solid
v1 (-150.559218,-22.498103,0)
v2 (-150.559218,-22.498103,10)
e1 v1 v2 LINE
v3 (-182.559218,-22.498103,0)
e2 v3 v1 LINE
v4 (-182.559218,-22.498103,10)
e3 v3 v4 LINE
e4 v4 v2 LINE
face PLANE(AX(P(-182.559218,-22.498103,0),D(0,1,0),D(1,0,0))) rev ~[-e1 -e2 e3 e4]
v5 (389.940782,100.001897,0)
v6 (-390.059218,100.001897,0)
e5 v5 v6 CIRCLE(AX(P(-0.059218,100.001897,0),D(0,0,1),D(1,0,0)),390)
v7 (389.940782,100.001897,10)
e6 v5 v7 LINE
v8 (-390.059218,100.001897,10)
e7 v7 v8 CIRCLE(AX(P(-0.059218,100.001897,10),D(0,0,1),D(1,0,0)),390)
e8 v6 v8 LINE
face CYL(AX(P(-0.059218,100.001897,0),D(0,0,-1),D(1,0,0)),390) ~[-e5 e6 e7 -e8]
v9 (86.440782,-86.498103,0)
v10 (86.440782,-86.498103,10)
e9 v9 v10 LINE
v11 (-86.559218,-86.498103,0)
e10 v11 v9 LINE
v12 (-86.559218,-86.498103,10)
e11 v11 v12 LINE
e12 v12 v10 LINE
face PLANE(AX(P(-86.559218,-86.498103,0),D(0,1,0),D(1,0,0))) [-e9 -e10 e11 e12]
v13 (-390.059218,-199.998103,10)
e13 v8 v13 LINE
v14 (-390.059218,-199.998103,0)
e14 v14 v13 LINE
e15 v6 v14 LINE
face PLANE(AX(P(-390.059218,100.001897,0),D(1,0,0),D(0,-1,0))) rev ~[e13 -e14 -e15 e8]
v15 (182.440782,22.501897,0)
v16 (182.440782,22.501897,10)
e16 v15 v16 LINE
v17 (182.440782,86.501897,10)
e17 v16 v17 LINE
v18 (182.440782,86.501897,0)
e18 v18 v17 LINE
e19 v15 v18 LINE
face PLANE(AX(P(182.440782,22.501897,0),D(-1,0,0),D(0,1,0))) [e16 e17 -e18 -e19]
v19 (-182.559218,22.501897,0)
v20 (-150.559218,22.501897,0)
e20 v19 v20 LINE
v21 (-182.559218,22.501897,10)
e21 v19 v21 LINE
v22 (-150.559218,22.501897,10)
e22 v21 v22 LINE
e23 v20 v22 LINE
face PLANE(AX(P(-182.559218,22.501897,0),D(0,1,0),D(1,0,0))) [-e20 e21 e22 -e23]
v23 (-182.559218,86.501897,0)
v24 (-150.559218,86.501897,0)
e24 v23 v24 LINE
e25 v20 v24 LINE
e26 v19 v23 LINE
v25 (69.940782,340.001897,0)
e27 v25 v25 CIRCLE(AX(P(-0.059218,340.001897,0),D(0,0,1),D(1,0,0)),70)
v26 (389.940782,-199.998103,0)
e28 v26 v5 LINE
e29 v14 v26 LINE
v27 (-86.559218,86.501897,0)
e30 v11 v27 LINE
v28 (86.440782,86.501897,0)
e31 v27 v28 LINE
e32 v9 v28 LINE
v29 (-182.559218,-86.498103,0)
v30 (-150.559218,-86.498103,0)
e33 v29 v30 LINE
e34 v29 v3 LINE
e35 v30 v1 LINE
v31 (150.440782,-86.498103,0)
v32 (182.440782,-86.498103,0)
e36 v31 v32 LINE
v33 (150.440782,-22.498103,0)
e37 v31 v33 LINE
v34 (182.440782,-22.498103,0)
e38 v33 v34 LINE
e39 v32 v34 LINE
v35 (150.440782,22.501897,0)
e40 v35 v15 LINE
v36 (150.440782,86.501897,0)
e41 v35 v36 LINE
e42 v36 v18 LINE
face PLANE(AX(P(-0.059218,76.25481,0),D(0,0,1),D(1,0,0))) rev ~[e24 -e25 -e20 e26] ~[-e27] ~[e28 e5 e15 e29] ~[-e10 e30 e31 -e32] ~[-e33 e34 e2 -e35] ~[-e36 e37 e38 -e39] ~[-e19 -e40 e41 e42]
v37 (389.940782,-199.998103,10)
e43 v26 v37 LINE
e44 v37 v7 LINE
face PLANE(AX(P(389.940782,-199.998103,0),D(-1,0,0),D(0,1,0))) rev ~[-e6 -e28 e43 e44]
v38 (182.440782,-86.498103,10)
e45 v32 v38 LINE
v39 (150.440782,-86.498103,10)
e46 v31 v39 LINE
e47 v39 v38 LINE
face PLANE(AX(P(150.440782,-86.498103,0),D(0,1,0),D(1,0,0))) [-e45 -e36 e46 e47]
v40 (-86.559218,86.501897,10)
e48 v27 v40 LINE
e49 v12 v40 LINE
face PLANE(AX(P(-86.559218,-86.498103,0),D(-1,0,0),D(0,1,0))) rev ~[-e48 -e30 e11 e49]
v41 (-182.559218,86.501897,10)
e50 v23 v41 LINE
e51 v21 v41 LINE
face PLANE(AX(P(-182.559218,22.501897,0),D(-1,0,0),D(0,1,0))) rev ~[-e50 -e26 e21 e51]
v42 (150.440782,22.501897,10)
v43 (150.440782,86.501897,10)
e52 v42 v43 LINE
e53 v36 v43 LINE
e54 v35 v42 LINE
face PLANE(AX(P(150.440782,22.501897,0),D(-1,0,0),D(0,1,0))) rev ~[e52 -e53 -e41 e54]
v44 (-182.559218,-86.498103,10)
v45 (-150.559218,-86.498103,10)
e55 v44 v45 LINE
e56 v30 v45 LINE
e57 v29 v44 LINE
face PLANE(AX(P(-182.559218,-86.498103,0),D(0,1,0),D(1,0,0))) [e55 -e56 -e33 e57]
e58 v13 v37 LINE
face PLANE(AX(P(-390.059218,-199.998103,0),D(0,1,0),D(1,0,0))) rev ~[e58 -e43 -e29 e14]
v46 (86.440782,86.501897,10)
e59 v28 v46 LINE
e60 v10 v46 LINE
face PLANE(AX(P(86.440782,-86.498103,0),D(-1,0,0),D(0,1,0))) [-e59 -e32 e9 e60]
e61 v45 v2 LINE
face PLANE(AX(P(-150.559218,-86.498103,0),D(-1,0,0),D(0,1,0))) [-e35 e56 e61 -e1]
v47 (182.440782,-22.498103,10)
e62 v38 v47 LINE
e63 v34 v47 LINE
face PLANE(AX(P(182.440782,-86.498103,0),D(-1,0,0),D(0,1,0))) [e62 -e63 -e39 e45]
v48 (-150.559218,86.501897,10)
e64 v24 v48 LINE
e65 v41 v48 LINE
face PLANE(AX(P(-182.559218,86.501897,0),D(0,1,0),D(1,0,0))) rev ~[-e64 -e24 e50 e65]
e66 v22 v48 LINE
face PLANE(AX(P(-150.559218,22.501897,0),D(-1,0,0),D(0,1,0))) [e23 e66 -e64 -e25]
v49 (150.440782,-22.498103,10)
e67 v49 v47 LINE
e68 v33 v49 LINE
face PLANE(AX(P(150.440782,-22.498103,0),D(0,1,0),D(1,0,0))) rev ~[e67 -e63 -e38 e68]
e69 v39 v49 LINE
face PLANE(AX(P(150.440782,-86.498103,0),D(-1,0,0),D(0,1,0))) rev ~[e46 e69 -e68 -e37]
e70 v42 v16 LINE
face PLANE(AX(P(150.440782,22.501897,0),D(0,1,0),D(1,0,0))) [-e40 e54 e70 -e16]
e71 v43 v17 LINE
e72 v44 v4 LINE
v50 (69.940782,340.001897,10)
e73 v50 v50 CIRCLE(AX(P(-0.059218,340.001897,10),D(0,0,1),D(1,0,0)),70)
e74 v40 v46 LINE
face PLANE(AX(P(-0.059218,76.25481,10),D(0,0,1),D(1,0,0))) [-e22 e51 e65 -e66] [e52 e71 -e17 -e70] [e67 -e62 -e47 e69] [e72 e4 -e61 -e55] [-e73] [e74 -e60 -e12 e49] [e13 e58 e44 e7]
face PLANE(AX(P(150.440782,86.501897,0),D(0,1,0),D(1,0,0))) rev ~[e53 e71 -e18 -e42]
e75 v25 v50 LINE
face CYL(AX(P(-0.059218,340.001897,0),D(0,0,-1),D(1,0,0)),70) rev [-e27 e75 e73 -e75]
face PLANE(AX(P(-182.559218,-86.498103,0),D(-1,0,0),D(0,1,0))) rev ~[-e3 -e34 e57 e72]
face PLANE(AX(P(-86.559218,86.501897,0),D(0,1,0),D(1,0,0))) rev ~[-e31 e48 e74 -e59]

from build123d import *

# Parameters (mm, degrees)
F0_W     = 32
F0_H     = 64
F0_W_2   = 173
F0_H_2   = 173
F0_R     = 70
F1_DEPTH = 10


with BuildPart() as f1:
    # F0 (on Top) → F1 (new body)
    with BuildSketch(Plane.XY):
        with BuildLine():
            Line((-390.059218, 100.001897), (-390.059218, -199.998103))
            Line((-390.059218, -199.998103), (389.940782, -199.998103))
            Line((389.940782, -199.998103), (389.940782, 100.001897))
            ThreePointArc((389.940782, 100.001897), (-0.059218, 490.001897), (-390.059218, 100.001897))
        make_face()
        with Locations((-166.559218, -54.498103)):
            Rectangle(F0_W, F0_H, mode=Mode.SUBTRACT)
        with Locations((-166.559218, 54.501897)):
            Rectangle(F0_W, F0_H, mode=Mode.SUBTRACT)
        with Locations((-0.059218, 0.001897)):
            Rectangle(F0_W_2, F0_H_2, mode=Mode.SUBTRACT)
        with Locations((166.440782, -54.498103)):
            Rectangle(F0_W, F0_H, mode=Mode.SUBTRACT)
        with Locations((166.440782, 54.501897)):
            Rectangle(F0_W, F0_H, mode=Mode.SUBTRACT)
        with Locations((-0.059218, 340.001897)):
            Circle(F0_R, mode=Mode.SUBTRACT)
    extrude(amount=F1_DEPTH)


solid = f1.part
